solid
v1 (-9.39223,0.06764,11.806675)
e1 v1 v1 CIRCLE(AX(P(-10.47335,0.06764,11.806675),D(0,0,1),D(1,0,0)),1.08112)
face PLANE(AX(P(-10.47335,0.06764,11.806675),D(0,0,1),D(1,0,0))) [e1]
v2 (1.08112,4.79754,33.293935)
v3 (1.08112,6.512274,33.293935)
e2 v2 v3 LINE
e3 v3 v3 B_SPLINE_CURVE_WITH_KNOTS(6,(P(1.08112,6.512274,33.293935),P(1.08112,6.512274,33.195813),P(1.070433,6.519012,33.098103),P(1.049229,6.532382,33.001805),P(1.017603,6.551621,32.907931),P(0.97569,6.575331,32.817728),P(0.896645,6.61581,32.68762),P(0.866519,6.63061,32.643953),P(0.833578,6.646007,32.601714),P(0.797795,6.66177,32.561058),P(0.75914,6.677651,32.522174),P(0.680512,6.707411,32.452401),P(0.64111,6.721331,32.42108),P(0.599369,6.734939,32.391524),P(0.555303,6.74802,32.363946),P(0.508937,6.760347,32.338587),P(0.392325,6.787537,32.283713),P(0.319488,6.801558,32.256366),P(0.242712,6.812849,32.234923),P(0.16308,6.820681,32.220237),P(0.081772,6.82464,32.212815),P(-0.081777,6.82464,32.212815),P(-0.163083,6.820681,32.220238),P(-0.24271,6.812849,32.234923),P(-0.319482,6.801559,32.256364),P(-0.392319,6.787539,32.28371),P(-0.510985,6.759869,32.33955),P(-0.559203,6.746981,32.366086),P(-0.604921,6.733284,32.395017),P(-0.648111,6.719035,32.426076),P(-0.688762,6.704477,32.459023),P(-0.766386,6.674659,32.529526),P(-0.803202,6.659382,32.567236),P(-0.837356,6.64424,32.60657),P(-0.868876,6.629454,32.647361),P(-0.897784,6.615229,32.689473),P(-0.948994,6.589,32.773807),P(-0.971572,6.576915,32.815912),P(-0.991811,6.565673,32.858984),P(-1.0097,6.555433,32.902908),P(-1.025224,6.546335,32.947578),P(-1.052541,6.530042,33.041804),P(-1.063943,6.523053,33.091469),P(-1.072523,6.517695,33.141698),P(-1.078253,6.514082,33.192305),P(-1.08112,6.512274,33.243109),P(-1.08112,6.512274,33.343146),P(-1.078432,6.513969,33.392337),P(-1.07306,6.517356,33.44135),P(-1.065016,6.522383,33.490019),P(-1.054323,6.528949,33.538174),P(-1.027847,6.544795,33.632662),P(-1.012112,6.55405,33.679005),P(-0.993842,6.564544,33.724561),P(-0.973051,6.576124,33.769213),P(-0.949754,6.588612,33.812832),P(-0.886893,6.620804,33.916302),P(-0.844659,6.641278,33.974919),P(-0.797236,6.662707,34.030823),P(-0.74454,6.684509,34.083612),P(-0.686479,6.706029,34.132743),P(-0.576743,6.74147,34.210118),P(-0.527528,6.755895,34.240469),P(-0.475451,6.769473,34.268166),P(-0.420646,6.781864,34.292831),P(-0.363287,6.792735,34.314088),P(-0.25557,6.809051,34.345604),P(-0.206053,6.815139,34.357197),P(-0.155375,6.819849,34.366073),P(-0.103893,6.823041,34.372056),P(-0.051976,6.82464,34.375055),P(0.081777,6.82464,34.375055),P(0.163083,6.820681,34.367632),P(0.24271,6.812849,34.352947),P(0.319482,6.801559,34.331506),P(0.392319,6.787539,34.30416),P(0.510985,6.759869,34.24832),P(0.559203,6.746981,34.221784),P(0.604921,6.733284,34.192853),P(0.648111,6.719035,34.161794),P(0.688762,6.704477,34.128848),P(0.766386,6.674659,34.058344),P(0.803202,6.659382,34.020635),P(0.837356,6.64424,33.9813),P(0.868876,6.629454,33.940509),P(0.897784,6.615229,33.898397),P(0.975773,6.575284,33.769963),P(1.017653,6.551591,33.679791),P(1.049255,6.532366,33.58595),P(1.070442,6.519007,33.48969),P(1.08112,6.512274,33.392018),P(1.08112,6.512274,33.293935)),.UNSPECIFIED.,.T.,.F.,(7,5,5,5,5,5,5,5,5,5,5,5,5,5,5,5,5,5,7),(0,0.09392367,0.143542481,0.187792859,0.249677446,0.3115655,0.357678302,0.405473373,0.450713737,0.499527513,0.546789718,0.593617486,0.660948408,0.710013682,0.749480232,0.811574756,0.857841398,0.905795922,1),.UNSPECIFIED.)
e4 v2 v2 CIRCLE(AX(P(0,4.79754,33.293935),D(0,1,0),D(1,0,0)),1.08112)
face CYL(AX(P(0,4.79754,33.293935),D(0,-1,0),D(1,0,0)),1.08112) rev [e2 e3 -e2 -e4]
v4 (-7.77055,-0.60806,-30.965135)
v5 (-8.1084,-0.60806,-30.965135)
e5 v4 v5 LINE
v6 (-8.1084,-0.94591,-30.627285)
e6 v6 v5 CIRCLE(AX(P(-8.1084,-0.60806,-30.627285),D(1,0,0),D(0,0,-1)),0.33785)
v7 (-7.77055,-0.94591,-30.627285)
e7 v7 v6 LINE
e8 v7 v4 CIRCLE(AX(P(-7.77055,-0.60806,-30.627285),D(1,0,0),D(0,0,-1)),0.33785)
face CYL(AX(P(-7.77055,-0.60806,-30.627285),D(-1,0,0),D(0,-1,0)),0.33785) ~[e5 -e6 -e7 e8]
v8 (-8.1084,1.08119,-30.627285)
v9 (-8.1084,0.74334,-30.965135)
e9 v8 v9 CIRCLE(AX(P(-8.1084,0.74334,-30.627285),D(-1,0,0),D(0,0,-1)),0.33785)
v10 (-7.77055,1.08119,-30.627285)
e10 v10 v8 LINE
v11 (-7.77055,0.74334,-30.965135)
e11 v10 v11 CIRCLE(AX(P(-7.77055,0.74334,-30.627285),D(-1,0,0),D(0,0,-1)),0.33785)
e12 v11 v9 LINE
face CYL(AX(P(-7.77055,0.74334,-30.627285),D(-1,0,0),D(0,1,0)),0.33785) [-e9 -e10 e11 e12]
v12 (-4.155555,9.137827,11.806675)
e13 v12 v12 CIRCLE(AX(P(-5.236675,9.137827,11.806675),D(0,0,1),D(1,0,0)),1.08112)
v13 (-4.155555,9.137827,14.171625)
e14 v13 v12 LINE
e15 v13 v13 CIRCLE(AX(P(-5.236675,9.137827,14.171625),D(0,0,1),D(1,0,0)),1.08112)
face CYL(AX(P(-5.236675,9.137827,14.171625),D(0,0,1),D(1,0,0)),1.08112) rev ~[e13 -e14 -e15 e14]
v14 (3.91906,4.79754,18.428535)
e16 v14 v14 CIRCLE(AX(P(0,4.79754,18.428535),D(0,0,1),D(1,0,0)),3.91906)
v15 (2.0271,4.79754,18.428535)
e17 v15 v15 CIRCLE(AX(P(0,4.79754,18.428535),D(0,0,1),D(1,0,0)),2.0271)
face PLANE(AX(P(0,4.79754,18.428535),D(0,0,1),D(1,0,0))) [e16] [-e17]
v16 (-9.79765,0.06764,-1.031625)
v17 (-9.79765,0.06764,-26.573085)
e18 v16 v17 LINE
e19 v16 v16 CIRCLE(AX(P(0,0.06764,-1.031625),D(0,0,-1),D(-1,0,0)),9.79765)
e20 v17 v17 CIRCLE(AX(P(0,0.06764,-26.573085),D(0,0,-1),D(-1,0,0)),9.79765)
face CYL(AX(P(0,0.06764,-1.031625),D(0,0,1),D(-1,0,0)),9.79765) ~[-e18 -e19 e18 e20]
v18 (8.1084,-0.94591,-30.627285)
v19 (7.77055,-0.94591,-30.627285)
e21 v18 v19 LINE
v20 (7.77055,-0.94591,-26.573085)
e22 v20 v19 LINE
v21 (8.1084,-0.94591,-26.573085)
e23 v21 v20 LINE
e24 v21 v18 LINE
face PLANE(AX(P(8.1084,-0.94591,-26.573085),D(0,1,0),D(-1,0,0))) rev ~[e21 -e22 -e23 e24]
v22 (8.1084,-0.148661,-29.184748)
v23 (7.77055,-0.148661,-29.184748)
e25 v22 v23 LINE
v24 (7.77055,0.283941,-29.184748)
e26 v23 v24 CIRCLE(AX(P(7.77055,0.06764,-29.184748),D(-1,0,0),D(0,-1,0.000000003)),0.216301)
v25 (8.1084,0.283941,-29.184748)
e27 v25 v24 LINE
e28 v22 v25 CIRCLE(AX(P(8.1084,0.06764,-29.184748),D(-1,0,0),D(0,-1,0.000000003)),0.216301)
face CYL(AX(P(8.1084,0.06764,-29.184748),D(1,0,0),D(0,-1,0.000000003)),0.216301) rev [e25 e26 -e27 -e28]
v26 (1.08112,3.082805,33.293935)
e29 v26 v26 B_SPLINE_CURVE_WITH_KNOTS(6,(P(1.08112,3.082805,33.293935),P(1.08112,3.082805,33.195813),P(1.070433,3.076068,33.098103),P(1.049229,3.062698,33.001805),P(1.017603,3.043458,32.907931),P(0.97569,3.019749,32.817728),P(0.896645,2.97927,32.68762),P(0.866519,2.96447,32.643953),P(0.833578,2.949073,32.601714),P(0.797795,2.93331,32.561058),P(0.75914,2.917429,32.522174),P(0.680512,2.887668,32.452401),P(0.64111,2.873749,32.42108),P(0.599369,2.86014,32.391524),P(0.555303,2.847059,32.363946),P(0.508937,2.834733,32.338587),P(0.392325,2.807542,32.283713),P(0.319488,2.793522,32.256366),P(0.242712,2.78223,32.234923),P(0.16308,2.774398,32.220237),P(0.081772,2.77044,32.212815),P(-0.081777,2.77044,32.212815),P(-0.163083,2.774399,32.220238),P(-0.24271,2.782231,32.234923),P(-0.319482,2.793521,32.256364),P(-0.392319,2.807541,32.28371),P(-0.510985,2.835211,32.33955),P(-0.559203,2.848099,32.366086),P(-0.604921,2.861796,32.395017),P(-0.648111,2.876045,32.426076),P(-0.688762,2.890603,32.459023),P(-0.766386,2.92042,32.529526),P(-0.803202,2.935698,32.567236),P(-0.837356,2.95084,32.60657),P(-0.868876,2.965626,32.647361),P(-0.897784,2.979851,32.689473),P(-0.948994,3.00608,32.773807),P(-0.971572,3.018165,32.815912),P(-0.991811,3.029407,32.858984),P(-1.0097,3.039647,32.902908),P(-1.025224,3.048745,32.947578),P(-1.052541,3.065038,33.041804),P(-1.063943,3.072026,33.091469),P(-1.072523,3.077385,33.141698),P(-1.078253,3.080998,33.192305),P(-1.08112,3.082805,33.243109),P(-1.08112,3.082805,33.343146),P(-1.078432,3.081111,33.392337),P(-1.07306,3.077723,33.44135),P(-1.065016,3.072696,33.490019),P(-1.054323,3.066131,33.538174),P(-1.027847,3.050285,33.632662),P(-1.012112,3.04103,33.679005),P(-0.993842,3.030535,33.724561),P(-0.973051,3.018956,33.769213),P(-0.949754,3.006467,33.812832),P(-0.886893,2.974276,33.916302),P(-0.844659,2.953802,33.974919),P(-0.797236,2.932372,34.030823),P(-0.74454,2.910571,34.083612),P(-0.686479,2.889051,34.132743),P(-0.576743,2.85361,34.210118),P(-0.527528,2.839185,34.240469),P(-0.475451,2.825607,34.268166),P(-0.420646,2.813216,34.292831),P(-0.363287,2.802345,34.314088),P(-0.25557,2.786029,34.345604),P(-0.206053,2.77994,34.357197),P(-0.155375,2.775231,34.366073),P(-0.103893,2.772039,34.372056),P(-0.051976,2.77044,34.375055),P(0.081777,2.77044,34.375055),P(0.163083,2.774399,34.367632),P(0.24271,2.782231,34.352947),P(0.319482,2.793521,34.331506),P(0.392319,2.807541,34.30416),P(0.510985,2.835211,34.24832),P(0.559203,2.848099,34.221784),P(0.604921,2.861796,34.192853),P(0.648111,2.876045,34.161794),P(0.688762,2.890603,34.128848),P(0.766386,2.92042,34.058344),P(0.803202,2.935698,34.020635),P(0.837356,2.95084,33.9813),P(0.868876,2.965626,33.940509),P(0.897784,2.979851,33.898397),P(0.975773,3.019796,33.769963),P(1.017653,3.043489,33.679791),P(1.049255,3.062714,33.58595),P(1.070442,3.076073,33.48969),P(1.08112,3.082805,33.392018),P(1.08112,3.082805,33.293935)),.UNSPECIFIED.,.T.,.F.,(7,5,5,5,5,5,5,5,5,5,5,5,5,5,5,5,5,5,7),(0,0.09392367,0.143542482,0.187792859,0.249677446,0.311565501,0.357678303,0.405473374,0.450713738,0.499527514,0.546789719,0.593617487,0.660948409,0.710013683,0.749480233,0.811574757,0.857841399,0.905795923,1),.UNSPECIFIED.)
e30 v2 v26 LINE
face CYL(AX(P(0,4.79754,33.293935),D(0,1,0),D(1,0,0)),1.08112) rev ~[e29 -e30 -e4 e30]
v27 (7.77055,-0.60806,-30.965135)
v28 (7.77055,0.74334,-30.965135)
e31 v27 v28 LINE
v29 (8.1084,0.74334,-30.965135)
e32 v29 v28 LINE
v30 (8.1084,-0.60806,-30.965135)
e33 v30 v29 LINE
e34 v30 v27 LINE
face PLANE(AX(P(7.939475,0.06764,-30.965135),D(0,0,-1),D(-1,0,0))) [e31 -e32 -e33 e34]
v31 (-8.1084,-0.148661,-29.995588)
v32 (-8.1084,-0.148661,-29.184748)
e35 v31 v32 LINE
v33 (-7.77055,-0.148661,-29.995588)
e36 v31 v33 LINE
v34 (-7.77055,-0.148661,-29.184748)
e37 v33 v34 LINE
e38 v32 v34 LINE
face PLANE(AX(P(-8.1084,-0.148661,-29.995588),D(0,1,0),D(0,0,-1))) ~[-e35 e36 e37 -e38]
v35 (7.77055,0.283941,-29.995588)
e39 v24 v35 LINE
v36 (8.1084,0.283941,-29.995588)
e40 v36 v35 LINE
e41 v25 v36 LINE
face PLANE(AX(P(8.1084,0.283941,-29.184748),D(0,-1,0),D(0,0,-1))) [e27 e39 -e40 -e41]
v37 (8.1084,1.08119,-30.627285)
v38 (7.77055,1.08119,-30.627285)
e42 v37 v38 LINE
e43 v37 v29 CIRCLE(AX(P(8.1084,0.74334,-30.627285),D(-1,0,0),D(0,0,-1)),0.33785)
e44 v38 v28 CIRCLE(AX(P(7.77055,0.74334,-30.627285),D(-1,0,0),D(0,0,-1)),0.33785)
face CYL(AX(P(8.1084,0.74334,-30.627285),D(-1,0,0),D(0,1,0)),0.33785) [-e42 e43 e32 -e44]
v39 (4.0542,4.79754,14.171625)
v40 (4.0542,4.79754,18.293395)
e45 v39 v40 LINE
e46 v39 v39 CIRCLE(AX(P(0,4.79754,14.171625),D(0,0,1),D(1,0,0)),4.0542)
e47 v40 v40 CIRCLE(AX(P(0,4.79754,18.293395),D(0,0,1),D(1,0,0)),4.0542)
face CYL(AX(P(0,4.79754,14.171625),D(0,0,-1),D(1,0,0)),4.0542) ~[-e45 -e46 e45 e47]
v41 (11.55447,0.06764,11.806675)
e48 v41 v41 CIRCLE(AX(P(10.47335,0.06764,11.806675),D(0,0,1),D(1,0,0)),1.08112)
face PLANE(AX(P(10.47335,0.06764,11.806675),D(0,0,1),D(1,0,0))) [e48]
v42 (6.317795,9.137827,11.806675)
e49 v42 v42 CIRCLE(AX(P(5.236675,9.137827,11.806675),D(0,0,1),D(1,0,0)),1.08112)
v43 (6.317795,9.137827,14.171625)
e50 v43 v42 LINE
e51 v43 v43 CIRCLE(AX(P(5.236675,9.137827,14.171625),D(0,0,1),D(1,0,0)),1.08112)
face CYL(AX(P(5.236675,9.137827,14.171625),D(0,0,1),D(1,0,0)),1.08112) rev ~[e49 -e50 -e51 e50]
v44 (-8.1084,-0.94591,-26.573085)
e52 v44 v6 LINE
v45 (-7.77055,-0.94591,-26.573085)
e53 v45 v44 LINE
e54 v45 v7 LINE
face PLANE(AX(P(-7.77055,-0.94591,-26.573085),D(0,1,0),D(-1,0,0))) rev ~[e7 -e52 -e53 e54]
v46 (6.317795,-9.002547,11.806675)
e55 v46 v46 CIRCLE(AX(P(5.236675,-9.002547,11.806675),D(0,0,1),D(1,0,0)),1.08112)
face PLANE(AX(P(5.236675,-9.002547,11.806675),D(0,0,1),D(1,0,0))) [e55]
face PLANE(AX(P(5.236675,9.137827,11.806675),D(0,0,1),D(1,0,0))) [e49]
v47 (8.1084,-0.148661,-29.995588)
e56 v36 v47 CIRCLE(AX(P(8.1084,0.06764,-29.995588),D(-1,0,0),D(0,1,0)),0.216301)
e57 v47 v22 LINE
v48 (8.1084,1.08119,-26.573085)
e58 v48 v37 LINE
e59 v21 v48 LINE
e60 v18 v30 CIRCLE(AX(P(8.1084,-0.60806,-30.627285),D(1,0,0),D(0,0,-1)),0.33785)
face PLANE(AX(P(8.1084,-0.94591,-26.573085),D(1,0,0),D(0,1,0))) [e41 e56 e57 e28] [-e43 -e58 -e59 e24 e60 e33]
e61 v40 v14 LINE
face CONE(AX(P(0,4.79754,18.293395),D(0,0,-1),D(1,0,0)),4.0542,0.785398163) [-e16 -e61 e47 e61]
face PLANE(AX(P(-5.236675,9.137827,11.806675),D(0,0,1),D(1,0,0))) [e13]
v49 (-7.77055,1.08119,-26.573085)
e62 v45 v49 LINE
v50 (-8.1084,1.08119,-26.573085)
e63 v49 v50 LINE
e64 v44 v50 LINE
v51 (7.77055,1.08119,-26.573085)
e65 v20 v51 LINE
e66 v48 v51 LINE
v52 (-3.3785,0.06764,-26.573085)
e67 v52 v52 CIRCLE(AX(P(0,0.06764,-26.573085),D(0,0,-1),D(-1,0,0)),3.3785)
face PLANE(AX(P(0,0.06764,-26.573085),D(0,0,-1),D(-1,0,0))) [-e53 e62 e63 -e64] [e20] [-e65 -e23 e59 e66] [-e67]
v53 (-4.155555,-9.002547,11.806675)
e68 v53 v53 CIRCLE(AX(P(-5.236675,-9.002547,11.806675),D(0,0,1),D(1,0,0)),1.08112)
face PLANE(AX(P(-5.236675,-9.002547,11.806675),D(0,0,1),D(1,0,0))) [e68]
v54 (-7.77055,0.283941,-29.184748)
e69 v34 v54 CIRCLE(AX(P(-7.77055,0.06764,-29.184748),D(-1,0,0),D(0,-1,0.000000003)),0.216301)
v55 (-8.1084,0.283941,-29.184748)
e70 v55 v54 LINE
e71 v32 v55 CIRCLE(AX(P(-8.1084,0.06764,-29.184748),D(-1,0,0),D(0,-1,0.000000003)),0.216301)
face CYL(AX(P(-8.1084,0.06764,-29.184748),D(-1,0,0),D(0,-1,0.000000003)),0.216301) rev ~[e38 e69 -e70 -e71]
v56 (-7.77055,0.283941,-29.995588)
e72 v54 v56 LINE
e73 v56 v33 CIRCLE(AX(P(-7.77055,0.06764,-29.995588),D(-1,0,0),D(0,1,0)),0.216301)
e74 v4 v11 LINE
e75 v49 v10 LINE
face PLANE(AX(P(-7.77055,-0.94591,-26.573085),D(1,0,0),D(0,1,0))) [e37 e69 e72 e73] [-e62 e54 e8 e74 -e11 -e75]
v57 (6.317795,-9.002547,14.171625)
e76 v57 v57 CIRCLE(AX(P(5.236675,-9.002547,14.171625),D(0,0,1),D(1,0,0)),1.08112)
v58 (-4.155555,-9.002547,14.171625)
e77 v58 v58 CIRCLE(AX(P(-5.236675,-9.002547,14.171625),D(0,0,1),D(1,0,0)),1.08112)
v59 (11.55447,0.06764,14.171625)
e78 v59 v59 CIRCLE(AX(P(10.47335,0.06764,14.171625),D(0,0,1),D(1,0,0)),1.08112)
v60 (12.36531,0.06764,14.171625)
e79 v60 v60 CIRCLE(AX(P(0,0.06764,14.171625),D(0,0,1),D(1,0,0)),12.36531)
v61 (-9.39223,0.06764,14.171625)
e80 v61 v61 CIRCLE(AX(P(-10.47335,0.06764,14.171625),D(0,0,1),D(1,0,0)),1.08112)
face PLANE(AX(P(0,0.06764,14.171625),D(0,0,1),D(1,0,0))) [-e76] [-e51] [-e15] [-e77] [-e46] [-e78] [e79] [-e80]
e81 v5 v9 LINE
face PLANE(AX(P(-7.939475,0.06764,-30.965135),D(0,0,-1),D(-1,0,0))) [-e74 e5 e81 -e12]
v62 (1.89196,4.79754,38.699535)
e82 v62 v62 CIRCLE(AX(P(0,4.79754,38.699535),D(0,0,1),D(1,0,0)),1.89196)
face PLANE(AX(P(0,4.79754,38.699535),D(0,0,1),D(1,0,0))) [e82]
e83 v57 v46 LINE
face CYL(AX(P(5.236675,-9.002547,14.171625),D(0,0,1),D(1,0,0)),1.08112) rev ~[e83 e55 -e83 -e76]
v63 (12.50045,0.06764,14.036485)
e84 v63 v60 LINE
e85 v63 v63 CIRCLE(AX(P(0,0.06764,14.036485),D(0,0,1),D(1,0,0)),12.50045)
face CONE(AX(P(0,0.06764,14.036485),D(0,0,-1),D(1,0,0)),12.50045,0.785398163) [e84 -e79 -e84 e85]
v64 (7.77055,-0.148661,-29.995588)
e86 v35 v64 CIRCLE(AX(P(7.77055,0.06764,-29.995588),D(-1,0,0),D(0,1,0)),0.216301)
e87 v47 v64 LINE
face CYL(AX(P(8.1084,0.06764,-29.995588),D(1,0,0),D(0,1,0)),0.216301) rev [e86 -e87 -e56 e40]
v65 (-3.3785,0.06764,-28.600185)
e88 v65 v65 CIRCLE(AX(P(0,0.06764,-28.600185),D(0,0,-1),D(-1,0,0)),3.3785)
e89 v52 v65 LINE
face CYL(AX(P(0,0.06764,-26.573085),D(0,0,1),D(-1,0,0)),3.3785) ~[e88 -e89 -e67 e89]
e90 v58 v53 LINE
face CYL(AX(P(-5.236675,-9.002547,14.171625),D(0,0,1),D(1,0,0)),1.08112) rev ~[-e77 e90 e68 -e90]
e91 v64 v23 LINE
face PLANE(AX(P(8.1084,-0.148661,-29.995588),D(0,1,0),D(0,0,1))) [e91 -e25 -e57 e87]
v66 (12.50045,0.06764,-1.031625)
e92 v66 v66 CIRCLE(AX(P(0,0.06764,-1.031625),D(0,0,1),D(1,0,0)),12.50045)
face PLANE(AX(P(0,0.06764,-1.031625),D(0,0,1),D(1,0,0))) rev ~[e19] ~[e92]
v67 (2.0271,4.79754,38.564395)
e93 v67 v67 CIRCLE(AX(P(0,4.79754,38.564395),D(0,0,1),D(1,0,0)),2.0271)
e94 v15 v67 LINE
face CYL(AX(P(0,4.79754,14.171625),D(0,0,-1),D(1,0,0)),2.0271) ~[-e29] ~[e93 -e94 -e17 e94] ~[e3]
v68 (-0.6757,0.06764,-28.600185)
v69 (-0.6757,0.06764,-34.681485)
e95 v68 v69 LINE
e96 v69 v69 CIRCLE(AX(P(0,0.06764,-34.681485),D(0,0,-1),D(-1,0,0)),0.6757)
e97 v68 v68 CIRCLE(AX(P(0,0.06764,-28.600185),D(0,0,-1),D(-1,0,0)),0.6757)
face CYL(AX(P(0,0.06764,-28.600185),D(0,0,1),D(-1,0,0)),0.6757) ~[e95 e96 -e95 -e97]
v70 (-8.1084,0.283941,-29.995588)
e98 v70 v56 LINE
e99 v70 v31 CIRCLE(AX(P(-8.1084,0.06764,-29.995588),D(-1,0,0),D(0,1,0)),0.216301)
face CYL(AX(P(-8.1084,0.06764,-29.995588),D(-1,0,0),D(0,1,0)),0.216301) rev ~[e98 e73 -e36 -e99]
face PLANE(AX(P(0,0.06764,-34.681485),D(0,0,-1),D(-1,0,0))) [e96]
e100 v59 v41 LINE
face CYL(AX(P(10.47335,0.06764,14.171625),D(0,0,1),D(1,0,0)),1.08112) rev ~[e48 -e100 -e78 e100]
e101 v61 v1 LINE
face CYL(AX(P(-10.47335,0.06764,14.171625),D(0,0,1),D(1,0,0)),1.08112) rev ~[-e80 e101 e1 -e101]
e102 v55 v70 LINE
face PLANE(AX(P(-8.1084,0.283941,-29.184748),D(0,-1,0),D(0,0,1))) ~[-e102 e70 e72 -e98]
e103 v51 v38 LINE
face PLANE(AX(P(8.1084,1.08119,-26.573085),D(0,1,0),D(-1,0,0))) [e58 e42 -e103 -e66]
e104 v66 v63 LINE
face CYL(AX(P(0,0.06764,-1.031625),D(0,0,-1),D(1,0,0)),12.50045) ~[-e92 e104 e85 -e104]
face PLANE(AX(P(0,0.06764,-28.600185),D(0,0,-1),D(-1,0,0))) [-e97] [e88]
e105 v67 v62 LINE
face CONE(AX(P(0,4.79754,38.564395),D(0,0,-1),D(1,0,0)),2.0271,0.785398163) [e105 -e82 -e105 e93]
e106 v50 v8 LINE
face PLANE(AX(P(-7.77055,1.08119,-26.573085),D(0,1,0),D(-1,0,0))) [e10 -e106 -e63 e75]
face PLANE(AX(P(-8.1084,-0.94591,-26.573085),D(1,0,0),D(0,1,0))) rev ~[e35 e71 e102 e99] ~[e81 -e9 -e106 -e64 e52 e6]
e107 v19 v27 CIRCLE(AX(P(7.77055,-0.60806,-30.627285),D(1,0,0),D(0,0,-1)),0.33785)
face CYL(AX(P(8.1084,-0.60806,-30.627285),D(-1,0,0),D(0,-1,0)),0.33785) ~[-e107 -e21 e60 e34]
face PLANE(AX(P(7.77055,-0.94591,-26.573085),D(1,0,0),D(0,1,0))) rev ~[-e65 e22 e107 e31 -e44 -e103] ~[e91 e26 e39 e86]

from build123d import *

# Parameters (mm, degrees)
SKETCH1_R               = 18.5
BOSS_EXTRUDE1_DEPTH     = 22.5
SKETCH2_R               = 1.6
CUT_EXTRUDE1_DEPTH      = 3.5
SKETCH3_R               = 3
BOSS_EXTRUDE2_DEPTH     = 36.3
SKETCH3_3_R             = 6
SKETCH3_3_R_2           = 3
BOSS_EXTRUDE3_DEPTH     = 6.3
SKETCH4_R               = 14.5
BOSS_EXTRUDE4_DEPTH     = 37.8
SKETCH5_R               = 5
BOSS_EXTRUDE5_DEPTH     = 3
SKETCH6_R               = 1
BOSS_EXTRUDE6_DEPTH     = 9
SKETCH7_W               = 0.5
SKETCH7_H               = 3
BOSS_EXTRUDE7_DEPTH     = 6.5
CUT_EXTRUDE2_DEPTH      = 0.5
FILLET1_R               = 0.5
CHAMFER1_SIZE           = 0.2
SKETCH9_R               = 1.6
CUT_EXTRUDE3_DEPTH      = 12.5
CUT_EXTRUDE3_DEPTH_BACK = 26.5
SCALE1_SCALE            = 0.6757


with BuildPart() as part:
    # Sketch1 → Boss-Extrude1 (new body)
    with BuildSketch(Plane.XY):
        Circle(SKETCH1_R)
    extrude(amount=BOSS_EXTRUDE1_DEPTH)

    # Sketch2 → Cut-Extrude1 (cut)
    with BuildSketch(Plane.XY.offset(22.5)):
        with Locations((-7.75, 13.423393759)):
            Circle(SKETCH2_R)
        with Locations((7.75, 13.423393759)):
            Circle(SKETCH2_R)
        with Locations((-15.5, 0)):
            Circle(SKETCH2_R)
        with Locations((-7.75, -13.423393759)):
            Circle(SKETCH2_R)
        with Locations((7.75, -13.423393759)):
            Circle(SKETCH2_R)
        with Locations((15.5, 0)):
            Circle(SKETCH2_R)
    extrude(amount=-CUT_EXTRUDE1_DEPTH, mode=Mode.SUBTRACT)

    # Sketch3 → Boss-Extrude2 (add)
    with BuildSketch(Plane.XY.offset(22.5)):
        with Locations((0, 7)):
            Circle(SKETCH3_R)
    extrude(amount=BOSS_EXTRUDE2_DEPTH)

    # Sketch3<3> → Boss-Extrude3 (add)
    with BuildSketch(Plane.XY.offset(22.5)):
        with Locations((0, 7)):
            Circle(SKETCH3_3_R)
        with Locations((0, 7)):
            Circle(SKETCH3_3_R_2, mode=Mode.SUBTRACT)
    extrude(amount=BOSS_EXTRUDE3_DEPTH)

    # Sketch4 → Boss-Extrude4 (add)
    with BuildSketch(Plane(origin=(0, 0, 0), x_dir=(-1, 0, 0), z_dir=(0, 0, -1))):
        Circle(SKETCH4_R)
    extrude(amount=BOSS_EXTRUDE4_DEPTH)

    # Sketch5 → Boss-Extrude5 (add)
    with BuildSketch(Plane(origin=(0, 0, -37.8), x_dir=(-1, 0, 0), z_dir=(0, 0, -1))):
        Circle(SKETCH5_R)
    extrude(amount=BOSS_EXTRUDE5_DEPTH)

    # Sketch6 → Boss-Extrude6 (add)
    with BuildSketch(Plane(origin=(0, 0, -40.8), x_dir=(-1, 0, 0), z_dir=(0, 0, -1))):
        Circle(SKETCH6_R)
    extrude(amount=BOSS_EXTRUDE6_DEPTH)

    # Sketch7 → Boss-Extrude7 (add)
    with BuildSketch(Plane(origin=(0, 0, -37.8), x_dir=(-1, 0, 0), z_dir=(0, 0, -1))):
        with Locations((-11.75, 0)):
            Rectangle(SKETCH7_W, SKETCH7_H)
        with Locations((11.75, 0)):
            Rectangle(SKETCH7_W, SKETCH7_H)
    extrude(amount=BOSS_EXTRUDE7_DEPTH)

    # Sketch8 → Cut-Extrude2 (cut)
    with BuildSketch(Plane(origin=(12, 0, 0), x_dir=(0, 0, -1), z_dir=(1, 0, 0))):
        with BuildLine():
            Line((42.865122037, -0.320114275), (41.665122037, -0.320114275))
            ThreePointArc((41.665122037, -0.320114275), (41.345007763, 0), (41.665122037, 0.320114275))
            Line((41.665122037, 0.320114275), (42.865122037, 0.320114275))
            ThreePointArc((42.865122037, 0.320114275), (43.185236312, 0), (42.865122037, -0.320114275))
        make_face()
    cut_extrude2 = extrude(amount=-CUT_EXTRUDE2_DEPTH, mode=Mode.SUBTRACT)

    # Mirror2: Cut-Extrude2 across plane
    add(cut_extrude2.mirror(Plane(origin=(0, 0, 0), x_dir=(0, 0, 1), z_dir=(1, 0, 0))), mode=Mode.SUBTRACT)

    # Fillet1
    fillet1_edges = [part.edges().sort_by_distance(p)[0] for p in [
        (11.75, -1.5, -44.3),
        (11.75, 1.5, -44.3),
        (-11.75, 1.5, -44.3),
        (-11.75, -1.5, -44.3),
    ]]
    fillet(fillet1_edges, radius=FILLET1_R)

    # Chamfer1
    chamfer1_edges = [part.edges().sort_by_distance(p)[0] for p in [
        (-3, 7, 58.8),
        (-6, 7, 28.8),
        (-18.5, 0, 22.5),
    ]]
    chamfer(chamfer1_edges, length=CHAMFER1_SIZE)

    # Sketch9 → Cut-Extrude3 (cut, two sides)
    with BuildSketch(Plane(origin=(0, 7, 0), x_dir=(1, 0, 0), z_dir=(0, 1, 0))) as cut_extrude3_sk:
        with Locations((0, -50.8)):
            Circle(SKETCH9_R)
    extrude(amount=CUT_EXTRUDE3_DEPTH, mode=Mode.SUBTRACT)
    extrude(cut_extrude3_sk.sketch, amount=-CUT_EXTRUDE3_DEPTH_BACK, mode=Mode.SUBTRACT)


with BuildPart() as part_1:
    # Scale1: scaled about (3.1e-08, 0.208571854, -3.181081733)
    add(part.part.scale(SCALE1_SCALE).moved(Location((1e-08, 0.067639852, -1.031624806))))


solid = part_1.part
